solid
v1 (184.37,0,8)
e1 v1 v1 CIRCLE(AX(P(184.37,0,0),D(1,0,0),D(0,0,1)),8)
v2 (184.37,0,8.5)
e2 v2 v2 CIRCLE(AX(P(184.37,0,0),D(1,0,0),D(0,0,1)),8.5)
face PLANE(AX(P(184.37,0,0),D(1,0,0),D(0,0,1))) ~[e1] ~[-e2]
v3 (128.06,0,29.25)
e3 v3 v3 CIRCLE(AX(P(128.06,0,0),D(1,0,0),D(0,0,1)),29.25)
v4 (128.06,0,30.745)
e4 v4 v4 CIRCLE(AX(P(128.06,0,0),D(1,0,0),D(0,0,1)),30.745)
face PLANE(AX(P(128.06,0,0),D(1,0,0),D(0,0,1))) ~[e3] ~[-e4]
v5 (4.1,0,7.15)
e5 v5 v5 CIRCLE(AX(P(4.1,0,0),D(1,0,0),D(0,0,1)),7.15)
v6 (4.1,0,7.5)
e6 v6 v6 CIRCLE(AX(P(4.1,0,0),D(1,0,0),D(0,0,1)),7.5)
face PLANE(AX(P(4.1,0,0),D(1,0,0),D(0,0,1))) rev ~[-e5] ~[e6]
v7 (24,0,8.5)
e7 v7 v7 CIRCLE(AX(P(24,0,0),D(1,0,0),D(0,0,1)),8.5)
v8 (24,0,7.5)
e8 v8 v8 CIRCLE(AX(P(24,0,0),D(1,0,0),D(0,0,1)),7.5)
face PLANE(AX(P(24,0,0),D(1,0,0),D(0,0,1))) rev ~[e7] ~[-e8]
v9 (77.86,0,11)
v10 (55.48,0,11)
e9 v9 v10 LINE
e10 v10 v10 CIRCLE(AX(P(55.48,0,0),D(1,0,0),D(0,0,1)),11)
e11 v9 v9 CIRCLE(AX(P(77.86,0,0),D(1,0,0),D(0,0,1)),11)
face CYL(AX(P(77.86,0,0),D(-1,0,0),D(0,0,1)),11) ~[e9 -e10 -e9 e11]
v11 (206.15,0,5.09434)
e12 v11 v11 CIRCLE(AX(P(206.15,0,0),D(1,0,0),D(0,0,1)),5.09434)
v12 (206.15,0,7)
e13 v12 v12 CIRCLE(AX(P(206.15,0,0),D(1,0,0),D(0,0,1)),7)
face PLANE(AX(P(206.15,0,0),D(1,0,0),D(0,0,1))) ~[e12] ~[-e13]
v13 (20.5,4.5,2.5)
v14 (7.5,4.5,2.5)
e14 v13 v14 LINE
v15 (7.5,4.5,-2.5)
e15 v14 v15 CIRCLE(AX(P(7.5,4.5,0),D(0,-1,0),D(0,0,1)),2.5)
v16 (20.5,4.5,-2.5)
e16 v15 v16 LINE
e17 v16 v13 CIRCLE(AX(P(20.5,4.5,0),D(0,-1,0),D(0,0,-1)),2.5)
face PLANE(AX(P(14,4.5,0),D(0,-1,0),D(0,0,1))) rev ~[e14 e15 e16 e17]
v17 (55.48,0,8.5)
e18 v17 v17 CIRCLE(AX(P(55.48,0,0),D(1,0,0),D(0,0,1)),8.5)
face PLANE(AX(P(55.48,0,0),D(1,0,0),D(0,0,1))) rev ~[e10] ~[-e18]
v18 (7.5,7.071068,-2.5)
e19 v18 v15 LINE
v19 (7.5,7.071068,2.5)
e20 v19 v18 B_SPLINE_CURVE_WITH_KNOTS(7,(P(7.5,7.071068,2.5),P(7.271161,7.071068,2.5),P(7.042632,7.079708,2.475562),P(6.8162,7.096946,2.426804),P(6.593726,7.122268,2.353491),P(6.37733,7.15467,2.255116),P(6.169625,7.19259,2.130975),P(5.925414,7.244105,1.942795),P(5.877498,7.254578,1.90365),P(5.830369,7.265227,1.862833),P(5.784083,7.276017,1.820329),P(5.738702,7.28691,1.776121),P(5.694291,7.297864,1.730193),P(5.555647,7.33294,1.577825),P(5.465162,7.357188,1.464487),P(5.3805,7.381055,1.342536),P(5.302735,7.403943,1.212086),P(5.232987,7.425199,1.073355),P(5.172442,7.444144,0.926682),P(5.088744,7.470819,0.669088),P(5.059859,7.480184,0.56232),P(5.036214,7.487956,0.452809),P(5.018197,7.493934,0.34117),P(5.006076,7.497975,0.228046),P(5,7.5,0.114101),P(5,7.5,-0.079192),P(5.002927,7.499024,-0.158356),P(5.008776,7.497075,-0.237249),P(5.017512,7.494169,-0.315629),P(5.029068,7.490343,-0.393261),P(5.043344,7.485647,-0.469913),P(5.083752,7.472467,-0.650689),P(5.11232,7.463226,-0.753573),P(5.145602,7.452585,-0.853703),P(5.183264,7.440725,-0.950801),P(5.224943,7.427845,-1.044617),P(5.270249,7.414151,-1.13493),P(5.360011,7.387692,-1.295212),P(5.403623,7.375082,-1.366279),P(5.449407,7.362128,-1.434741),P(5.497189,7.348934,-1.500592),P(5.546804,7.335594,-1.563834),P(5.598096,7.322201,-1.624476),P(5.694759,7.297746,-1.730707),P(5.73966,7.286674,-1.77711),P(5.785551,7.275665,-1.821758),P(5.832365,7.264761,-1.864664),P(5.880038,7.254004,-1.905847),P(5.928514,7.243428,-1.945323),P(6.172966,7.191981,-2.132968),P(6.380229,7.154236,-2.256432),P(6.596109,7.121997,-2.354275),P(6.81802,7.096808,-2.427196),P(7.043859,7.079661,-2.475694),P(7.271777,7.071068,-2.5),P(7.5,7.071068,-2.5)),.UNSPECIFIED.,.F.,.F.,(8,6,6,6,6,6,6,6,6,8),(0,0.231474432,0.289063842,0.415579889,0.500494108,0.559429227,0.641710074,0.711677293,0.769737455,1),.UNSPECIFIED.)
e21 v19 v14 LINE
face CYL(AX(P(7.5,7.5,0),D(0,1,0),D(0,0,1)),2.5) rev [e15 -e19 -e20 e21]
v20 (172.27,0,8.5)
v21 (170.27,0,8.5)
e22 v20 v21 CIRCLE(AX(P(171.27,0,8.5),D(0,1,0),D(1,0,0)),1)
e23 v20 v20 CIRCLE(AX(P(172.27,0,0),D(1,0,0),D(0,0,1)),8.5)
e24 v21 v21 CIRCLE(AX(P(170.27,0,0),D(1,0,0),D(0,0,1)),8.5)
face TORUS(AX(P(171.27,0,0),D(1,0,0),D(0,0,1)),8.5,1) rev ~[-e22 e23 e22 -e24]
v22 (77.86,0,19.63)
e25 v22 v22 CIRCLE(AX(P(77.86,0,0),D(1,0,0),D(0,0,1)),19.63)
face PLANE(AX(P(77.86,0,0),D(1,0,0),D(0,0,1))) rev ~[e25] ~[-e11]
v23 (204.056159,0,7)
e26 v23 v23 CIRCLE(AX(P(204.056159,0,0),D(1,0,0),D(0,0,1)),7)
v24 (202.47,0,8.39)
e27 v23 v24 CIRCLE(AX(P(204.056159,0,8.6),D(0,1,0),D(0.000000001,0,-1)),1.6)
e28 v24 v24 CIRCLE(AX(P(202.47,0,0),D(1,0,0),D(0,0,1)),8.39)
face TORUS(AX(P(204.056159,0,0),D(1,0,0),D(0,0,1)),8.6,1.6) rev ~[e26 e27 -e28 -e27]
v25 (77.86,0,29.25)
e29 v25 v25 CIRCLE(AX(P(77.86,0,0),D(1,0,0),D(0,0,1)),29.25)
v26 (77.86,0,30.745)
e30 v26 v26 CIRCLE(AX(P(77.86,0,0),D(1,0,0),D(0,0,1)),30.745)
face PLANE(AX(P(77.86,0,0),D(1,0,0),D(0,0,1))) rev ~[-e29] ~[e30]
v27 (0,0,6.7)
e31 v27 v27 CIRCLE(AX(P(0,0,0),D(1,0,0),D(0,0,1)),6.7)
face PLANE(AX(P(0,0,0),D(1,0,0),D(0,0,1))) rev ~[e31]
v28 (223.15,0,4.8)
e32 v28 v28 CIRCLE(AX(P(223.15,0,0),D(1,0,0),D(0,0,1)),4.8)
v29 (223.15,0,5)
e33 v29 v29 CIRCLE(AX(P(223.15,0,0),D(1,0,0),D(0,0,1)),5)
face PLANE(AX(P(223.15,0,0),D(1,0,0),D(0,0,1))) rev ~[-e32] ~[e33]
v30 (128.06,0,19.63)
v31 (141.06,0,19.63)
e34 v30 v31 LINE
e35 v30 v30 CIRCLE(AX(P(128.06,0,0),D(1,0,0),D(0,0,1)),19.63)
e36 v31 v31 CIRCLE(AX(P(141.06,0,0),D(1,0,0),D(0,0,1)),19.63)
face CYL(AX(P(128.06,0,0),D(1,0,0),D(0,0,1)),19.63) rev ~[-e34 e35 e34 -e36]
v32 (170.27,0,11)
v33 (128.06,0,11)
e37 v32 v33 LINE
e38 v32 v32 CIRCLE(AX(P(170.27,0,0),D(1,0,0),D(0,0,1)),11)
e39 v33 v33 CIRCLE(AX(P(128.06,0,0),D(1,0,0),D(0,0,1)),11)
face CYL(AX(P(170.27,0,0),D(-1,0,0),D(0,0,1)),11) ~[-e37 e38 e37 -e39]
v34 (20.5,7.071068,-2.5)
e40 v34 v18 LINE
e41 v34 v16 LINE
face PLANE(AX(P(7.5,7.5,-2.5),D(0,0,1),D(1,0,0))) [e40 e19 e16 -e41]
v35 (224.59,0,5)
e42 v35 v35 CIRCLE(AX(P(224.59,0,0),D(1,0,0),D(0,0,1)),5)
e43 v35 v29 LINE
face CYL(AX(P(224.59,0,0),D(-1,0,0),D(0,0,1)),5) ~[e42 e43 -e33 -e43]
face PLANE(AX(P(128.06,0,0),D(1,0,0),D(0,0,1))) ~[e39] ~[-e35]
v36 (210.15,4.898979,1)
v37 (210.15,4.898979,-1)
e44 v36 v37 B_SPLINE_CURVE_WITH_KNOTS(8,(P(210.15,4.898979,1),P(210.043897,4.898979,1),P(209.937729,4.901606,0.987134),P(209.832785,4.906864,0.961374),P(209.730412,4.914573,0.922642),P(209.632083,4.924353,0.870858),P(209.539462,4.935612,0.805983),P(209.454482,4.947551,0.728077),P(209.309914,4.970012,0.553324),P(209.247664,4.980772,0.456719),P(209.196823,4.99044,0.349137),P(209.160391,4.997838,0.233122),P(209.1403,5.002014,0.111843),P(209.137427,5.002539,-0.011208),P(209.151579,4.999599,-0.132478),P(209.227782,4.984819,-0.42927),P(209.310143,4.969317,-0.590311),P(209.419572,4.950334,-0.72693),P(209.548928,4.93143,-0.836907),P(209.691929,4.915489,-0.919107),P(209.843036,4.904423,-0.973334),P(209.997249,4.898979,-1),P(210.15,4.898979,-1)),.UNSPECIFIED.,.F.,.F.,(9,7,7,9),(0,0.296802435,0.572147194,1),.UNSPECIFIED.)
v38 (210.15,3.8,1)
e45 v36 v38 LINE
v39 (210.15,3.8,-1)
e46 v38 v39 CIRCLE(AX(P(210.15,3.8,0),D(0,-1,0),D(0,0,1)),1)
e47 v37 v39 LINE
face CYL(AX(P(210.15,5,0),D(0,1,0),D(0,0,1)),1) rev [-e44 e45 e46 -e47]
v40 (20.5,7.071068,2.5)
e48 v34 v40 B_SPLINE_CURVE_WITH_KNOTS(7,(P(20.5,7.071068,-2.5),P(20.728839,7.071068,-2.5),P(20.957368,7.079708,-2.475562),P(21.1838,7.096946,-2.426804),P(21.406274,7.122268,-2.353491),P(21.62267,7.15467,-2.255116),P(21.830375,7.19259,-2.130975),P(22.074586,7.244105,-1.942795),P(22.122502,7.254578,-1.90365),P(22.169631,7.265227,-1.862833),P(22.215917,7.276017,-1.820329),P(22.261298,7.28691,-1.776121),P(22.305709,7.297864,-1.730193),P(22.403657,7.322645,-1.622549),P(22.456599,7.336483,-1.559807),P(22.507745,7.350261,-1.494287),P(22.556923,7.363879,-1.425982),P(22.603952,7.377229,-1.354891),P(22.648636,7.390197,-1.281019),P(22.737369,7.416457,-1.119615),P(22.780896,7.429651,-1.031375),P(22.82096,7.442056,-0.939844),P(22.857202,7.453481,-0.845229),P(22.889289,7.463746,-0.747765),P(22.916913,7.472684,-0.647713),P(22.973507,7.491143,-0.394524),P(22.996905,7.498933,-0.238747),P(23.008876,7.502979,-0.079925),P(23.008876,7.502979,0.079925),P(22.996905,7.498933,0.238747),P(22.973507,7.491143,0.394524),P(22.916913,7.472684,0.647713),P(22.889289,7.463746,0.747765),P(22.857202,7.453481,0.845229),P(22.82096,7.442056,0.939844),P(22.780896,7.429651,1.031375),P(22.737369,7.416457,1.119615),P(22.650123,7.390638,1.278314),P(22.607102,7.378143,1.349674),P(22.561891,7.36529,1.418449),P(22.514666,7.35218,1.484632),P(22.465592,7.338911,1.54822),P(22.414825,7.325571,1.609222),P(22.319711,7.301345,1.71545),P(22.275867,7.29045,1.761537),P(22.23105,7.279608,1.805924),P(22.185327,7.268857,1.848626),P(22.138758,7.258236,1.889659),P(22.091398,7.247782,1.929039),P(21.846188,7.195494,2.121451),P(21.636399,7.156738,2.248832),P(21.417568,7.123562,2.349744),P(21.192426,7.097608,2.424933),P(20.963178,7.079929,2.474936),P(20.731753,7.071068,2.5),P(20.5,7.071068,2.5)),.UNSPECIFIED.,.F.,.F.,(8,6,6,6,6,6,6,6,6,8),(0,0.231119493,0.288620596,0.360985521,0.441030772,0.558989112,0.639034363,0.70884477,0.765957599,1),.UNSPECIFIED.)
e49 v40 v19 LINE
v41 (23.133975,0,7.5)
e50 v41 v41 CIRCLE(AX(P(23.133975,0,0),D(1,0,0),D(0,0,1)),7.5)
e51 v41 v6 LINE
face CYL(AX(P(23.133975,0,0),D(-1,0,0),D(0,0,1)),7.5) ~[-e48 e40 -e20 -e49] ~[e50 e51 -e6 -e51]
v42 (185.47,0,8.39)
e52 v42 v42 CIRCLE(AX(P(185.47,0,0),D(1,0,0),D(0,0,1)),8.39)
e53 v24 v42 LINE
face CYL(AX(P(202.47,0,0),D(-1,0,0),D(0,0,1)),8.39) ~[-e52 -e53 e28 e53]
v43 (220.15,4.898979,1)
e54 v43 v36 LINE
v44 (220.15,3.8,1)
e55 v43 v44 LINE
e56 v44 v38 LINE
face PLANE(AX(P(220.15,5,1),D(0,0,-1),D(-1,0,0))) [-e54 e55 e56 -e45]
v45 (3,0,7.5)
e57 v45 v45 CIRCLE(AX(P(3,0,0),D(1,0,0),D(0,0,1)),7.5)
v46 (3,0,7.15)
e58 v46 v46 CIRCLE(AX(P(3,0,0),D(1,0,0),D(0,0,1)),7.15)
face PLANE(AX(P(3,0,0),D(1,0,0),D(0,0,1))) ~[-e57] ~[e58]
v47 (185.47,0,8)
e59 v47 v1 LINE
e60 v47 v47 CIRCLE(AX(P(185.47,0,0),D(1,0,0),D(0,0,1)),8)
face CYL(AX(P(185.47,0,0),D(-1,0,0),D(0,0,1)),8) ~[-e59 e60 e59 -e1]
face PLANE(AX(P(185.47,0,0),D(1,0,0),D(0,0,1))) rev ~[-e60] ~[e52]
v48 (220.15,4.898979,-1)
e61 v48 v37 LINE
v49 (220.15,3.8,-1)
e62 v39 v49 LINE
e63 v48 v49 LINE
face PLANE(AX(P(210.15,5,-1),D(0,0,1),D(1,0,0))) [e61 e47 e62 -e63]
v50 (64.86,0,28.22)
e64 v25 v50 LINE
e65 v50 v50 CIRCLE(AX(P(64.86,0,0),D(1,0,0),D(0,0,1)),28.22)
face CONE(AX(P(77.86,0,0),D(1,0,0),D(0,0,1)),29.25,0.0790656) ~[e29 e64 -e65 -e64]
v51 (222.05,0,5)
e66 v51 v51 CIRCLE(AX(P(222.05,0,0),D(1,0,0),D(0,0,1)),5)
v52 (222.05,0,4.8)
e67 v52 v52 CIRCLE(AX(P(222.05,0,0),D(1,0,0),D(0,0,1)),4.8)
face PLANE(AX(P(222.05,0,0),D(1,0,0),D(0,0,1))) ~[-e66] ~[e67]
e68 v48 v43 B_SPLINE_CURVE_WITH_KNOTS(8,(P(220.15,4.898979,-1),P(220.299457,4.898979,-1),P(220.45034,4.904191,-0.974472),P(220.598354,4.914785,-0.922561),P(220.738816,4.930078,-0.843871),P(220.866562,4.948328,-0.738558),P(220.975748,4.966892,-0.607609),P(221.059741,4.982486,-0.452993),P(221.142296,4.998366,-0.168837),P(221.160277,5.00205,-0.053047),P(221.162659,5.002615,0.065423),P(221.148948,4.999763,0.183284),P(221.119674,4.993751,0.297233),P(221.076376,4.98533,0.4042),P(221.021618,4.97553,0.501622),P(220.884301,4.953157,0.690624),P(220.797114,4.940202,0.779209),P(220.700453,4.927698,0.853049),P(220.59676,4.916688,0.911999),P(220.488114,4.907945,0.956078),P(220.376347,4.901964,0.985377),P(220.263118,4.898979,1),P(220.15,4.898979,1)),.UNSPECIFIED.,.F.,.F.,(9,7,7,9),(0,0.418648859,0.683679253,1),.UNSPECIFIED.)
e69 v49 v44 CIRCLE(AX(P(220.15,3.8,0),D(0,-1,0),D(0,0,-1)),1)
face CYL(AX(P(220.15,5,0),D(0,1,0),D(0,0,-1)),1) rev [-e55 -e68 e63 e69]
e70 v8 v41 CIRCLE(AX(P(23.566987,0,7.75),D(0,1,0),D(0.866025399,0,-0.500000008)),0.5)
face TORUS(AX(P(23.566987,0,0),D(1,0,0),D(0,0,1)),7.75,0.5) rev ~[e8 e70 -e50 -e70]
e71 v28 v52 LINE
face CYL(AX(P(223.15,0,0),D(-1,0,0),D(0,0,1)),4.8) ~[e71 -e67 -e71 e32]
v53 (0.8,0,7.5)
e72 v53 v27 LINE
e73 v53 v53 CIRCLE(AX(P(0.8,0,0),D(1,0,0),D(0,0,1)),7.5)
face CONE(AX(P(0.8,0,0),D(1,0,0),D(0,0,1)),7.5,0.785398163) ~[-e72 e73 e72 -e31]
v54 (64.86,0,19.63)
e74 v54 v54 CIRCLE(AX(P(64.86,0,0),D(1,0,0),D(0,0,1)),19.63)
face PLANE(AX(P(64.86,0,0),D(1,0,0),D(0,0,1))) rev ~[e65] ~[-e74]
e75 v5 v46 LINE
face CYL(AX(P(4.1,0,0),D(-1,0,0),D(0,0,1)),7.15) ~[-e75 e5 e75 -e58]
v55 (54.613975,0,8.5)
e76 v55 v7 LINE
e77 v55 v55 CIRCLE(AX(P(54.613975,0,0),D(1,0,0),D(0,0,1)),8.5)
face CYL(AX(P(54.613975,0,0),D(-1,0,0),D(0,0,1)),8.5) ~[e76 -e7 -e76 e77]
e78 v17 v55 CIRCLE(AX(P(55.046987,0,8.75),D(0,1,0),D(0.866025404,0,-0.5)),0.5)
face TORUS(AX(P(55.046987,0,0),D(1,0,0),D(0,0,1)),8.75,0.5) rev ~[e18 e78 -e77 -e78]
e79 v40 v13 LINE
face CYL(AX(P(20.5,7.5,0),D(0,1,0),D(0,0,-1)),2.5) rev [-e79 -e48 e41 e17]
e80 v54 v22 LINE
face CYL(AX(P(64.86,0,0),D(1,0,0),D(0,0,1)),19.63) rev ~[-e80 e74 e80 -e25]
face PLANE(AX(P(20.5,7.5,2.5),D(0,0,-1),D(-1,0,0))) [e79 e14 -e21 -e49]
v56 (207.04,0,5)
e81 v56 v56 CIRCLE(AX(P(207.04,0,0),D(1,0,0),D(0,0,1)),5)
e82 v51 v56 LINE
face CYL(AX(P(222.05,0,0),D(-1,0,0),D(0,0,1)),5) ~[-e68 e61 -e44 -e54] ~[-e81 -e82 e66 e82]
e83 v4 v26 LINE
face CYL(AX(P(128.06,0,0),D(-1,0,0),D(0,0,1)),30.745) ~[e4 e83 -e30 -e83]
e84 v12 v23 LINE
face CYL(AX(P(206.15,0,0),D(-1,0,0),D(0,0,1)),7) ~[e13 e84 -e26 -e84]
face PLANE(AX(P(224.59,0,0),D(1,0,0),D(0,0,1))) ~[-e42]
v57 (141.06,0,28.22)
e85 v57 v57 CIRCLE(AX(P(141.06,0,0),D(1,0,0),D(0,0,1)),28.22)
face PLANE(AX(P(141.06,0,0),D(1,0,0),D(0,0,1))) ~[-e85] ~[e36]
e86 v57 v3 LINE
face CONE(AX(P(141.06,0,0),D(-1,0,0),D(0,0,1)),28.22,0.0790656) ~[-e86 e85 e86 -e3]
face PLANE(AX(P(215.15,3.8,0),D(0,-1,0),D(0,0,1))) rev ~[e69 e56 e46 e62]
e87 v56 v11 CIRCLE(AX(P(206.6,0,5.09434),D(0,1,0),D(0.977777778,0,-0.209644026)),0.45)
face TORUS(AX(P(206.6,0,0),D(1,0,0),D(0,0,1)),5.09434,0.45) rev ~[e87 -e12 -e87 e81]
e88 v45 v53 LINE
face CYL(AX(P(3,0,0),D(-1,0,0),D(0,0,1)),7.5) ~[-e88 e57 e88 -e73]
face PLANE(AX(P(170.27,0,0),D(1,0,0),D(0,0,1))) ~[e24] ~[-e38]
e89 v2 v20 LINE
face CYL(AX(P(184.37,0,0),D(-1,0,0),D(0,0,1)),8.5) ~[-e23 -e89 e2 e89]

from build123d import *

# Parameters (mm, degrees)
ENL_V_MAT_EXTRU_1_DEPTH = 3
ENL_V_MAT_EXTRU_2_DEPTH = 1.2


with BuildPart() as part:
    # Esquisse1 → Révolution1 (revolve)
    with BuildSketch(Plane.XY, mode=Mode.PRIVATE) as r_volution1_sk:
        with BuildLine():
            Line((3, 7.5), (0.8, 7.5))
            Line((0.8, 7.5), (0, 6.7))
            Line((0, 6.7), (0, 0))
            Line((0, 0), (224.59, 0))
            Line((224.59, 0), (224.59, 5))
            Line((224.59, 5), (223.15, 5))
            Line((223.15, 5), (223.15, 4.8))
            Line((223.15, 4.8), (222.05, 4.8))
            Line((222.05, 4.8), (222.05, 5))
            Line((222.05, 5), (207.04, 5))
            ThreePointArc((207.04, 5), (206.552565835, 4.646846795), (206.15, 5.094339811))
            Line((206.15, 5.094339811), (206.15, 7))
            Line((206.15, 7), (204.056158882, 7))
            ThreePointArc((204.056158882, 7), (203.001644776, 7.396671283), (202.47, 8.39))
            Line((202.47, 8.39), (185.47, 8.39))
            Line((185.47, 8.39), (185.47, 8))
            Line((185.47, 8), (184.37, 8))
            Line((184.37, 8), (184.37, 8.5))
            Line((184.37, 8.5), (172.27, 8.5))
            ThreePointArc((172.27, 8.5), (171.27, 7.5), (170.27, 8.5))
            Line((170.27, 8.5), (170.27, 11))
            Line((170.27, 11), (128.06, 11))
            Line((128.06, 11), (128.06, 19.63))
            Line((128.06, 19.63), (141.06, 19.63))
            Line((141.06, 19.63), (141.06, 28.22))
            Line((141.06, 28.22), (128.06, 29.25))
            Line((128.06, 29.25), (128.06, 30.745))
            Line((128.06, 30.745), (77.86, 30.745))
            Line((77.86, 30.745), (77.86, 29.25))
            Line((77.86, 29.25), (64.86, 28.22))
            Line((64.86, 28.22), (64.86, 19.63))
            Line((64.86, 19.63), (77.86, 19.63))
            Line((77.86, 19.63), (77.86, 11))
            Line((77.86, 11), (55.48, 11))
            Line((55.48, 11), (55.48, 8.5))
            ThreePointArc((55.48, 8.5), (55.046987298, 8.25), (54.613974596, 8.5))
            Line((54.613974596, 8.5), (24, 8.5))
            Line((24, 8.5), (24, 7.499999996))
            ThreePointArc((24, 7.499999996), (23.566987298, 7.25), (23.133974599, 7.5))
            Line((23.133974599, 7.5), (4.1, 7.5))
            Line((4.1, 7.5), (4.1, 7.15))
            Line((4.1, 7.15), (3, 7.15))
            Line((3, 7.15), (3, 7.5))
        make_face()
    revolve(r_volution1_sk.sketch.rotate(Axis((-12.628248588, 0, 0), (1, 0, 0)), 90), axis=Axis((-12.628248588, 0, 0), (1, 0, 0)))

    # Esquisse2 → Enlèv. mat.-Extru.1 (cut)
    with BuildSketch(Plane(origin=(13.616987299, 7.5, 0), x_dir=(0, 0, -1), z_dir=(0, 1, 0))):
        with BuildLine():
            Line((2.5, 6.116987299), (2.5, -6.883012701))
            ThreePointArc((2.5, -6.883012701), (0, -9.383012701), (-2.5, -6.883012701))
            Line((-2.5, -6.883012701), (-2.5, 6.116987299))
            ThreePointArc((-2.5, 6.116987299), (0, 8.616987299), (2.5, 6.116987299))
        make_face()
    extrude(amount=-ENL_V_MAT_EXTRU_1_DEPTH, mode=Mode.SUBTRACT)

    # Esquisse3 → Enlèv. mat.-Extru.2 (cut)
    with BuildSketch(Plane(origin=(214.545, 5, 0), x_dir=(0, 0, -1), z_dir=(0, 1, 0))):
        with BuildLine():
            Line((1, 4.395), (1, -5.605))
            ThreePointArc((1, -5.605), (0, -6.605), (-1, -5.605))
            Line((-1, -5.605), (-1, 4.395))
            ThreePointArc((-1, 4.395), (0, 5.395), (1, 4.395))
        make_face()
    extrude(amount=-ENL_V_MAT_EXTRU_2_DEPTH, mode=Mode.SUBTRACT)


solid = part.part
